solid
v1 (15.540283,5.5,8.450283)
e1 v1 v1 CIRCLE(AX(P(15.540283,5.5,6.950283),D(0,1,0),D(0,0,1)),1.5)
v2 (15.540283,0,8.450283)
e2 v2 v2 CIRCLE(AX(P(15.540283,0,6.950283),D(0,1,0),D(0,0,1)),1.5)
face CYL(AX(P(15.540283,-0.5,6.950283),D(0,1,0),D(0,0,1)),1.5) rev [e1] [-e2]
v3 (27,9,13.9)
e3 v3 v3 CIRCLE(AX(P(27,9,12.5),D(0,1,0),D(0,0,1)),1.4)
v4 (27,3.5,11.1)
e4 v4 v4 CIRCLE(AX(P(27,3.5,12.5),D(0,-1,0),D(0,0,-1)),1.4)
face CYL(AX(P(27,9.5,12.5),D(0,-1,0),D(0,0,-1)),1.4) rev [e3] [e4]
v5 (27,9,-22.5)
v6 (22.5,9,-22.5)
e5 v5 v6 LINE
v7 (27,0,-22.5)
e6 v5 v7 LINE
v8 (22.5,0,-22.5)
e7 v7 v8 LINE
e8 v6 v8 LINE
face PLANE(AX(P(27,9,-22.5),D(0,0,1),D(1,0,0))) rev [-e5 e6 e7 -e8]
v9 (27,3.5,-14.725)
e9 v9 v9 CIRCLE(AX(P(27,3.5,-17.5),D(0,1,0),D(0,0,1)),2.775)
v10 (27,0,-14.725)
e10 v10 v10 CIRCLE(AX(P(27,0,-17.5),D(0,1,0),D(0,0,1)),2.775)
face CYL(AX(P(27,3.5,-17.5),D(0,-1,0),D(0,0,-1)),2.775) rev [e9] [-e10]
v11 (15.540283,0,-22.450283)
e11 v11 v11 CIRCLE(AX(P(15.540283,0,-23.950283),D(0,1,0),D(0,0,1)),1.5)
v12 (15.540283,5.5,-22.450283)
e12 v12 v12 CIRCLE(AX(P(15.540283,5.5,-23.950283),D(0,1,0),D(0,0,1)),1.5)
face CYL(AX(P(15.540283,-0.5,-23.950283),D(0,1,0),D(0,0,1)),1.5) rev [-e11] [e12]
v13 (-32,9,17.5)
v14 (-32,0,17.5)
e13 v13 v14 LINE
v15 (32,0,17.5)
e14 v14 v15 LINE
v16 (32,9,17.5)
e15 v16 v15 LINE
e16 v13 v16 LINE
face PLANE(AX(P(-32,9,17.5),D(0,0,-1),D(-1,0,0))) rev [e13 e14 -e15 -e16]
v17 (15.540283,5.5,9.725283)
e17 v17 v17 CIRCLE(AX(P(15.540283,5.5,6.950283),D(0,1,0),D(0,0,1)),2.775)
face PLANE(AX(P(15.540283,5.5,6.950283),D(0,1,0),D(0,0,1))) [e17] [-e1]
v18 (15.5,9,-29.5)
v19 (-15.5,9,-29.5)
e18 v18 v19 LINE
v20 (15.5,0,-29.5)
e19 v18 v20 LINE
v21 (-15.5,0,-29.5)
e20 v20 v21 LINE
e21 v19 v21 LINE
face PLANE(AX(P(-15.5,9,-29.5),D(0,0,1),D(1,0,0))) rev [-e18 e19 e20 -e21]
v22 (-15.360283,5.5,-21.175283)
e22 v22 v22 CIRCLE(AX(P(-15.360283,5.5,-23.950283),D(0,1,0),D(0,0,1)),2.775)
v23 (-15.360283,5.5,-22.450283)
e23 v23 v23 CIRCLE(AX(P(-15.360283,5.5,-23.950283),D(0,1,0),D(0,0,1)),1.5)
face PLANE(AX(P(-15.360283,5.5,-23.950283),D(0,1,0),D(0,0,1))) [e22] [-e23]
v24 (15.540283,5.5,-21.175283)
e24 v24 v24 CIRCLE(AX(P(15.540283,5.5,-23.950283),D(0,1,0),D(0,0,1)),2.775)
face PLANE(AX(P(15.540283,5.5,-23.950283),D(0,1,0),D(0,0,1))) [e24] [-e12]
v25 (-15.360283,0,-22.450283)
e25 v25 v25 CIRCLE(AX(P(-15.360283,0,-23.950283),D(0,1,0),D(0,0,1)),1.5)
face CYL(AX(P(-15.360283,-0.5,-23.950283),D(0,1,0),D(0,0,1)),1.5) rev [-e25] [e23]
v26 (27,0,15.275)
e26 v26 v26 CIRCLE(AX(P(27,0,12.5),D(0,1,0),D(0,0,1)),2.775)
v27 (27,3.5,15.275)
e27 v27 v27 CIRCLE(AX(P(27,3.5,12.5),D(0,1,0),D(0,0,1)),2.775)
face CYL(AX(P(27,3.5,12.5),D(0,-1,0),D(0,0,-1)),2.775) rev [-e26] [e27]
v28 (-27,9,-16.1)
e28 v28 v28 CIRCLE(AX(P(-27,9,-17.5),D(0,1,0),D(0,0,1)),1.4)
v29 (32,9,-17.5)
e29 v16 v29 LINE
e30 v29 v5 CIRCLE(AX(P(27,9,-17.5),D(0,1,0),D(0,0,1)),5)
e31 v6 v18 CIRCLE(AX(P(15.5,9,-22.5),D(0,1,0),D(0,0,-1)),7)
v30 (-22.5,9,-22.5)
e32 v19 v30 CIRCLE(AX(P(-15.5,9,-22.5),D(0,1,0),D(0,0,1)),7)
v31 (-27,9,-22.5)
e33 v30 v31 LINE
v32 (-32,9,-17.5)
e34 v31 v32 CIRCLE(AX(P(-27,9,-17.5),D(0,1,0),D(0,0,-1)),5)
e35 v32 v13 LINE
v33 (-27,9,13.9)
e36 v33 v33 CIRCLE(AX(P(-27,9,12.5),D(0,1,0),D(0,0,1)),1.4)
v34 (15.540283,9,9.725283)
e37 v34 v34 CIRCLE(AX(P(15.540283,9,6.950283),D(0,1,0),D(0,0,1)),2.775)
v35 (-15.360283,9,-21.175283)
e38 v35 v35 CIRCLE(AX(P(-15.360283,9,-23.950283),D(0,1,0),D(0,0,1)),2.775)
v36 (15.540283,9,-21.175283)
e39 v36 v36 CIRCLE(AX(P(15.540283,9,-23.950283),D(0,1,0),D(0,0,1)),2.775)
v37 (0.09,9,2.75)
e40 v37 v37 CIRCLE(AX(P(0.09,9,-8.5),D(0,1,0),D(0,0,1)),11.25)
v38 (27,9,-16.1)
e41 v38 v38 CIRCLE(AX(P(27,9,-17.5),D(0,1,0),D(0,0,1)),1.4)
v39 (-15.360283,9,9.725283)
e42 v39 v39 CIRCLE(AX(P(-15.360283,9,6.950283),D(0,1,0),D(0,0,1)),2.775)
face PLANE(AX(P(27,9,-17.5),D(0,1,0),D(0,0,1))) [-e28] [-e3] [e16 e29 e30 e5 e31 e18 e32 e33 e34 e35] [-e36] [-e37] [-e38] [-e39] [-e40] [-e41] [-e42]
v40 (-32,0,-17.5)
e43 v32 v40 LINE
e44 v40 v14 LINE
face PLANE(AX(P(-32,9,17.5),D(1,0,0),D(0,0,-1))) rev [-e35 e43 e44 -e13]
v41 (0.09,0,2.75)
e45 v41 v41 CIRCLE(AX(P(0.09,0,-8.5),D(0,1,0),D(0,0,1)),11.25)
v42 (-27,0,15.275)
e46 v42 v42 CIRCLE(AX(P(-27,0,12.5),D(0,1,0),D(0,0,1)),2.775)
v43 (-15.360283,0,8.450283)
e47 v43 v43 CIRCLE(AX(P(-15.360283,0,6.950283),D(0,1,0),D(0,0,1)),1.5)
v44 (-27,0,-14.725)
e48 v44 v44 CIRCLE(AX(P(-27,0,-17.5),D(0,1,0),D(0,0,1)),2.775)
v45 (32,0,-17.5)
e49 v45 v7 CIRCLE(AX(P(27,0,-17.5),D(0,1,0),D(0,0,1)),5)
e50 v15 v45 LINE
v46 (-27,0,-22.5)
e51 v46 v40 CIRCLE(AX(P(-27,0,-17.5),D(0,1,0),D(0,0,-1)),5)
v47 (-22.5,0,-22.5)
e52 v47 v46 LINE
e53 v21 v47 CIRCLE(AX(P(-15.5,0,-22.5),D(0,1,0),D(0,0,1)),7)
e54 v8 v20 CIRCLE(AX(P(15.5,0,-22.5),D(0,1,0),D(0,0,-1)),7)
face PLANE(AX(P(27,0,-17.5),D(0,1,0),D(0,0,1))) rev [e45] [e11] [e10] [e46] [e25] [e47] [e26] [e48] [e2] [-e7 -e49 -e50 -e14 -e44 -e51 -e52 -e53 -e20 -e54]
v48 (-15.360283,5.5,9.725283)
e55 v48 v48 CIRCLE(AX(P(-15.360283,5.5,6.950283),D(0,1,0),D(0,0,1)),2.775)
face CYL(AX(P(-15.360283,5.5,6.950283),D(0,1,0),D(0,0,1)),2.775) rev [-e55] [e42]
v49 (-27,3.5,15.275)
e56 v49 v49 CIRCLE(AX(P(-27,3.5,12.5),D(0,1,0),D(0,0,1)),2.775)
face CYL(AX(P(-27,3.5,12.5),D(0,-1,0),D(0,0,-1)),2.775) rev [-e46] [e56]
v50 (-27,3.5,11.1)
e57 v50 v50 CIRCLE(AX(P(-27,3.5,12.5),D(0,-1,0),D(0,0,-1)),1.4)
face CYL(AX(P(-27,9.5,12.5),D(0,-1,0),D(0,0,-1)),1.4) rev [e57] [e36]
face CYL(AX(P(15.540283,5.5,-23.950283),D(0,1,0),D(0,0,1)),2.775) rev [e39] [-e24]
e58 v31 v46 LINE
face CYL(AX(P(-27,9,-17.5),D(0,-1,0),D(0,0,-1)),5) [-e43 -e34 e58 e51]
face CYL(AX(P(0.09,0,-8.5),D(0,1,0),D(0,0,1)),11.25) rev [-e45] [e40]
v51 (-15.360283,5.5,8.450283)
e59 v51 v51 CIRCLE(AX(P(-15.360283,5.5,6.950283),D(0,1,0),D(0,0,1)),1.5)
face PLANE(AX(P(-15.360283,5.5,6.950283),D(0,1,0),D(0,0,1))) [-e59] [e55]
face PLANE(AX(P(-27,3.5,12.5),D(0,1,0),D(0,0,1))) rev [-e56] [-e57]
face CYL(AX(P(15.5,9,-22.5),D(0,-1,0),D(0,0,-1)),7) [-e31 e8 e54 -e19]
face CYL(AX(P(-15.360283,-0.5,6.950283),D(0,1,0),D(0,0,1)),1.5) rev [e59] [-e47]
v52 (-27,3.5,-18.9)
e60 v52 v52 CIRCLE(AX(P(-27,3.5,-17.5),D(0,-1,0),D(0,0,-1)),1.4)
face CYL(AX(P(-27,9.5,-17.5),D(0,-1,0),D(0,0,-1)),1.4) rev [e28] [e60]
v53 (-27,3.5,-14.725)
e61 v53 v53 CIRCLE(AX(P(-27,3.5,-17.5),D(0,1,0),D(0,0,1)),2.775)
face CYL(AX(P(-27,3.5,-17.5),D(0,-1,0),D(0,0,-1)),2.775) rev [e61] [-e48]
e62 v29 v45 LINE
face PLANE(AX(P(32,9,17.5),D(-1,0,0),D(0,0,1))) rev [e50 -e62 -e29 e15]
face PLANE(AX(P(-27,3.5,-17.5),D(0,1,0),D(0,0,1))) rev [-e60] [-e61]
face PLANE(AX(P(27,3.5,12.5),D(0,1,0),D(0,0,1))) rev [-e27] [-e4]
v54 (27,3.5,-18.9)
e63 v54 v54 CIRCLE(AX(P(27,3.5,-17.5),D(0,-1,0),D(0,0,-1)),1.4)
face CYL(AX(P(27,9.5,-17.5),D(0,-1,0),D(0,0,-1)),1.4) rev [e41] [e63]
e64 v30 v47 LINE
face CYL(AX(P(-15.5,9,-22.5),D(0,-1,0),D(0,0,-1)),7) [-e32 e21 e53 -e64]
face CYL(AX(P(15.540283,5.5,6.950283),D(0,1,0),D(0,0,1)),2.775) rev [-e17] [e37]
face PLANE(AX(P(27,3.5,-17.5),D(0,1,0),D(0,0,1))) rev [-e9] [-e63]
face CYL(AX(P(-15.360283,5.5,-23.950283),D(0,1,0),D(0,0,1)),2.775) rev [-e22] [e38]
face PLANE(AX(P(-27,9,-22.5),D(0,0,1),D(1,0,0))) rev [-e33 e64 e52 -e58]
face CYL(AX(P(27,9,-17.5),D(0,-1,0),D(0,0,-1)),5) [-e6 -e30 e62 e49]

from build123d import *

# Parameters (mm, degrees)
BOSS_EXTRUDE1_DEPTH = 9
SKETCH2_R           = 11.25
CUT_EXTRUDE1_DEPTH  = 9
SKETCH3_R           = 2.775
CUT_EXTRUDE2_DEPTH  = 3.5
SKETCH5_R           = 2.775
CUT_EXTRUDE4_DEPTH  = 3.5
SKETCH4_R           = 1.5
CUT_EXTRUDE3_DEPTH  = 6
SKETCH6_R           = 1.4
CUT_EXTRUDE5_DEPTH  = 6


with BuildPart() as part:
    # Sketch1 → Boss-Extrude1 (new body)
    with BuildSketch(Plane(origin=(0, 0, 0), x_dir=(1, 0, 0), z_dir=(0, 1, 0))):
        with BuildLine():
            Line((-15.5, 29.5), (15.5, 29.5))
            ThreePointArc((15.5, 29.5), (20.449747468, 27.449747468), (22.5, 22.5))
            Line((22.5, 22.5), (27, 22.5))
            ThreePointArc((27, 22.5), (30.535533906, 21.035533906), (32, 17.5))
            Line((32, 17.5), (32, -17.5))
            Line((32, -17.5), (-32, -17.5))
            Line((-32, -17.5), (-32, 17.5))
            ThreePointArc((-32, 17.5), (-30.535533906, 21.035533906), (-27, 22.5))
            Line((-27, 22.5), (-22.5, 22.5))
            ThreePointArc((-22.5, 22.5), (-20.449747468, 27.449747468), (-15.5, 29.5))
        make_face()
    extrude(amount=BOSS_EXTRUDE1_DEPTH)

    # Sketch2 → Cut-Extrude1 (cut)
    with BuildSketch(Plane(origin=(0, 9, 0), x_dir=(1, 0, 0), z_dir=(0, 1, 0))):
        with Locations((0.09, 8.5)):
            Circle(SKETCH2_R)
    extrude(amount=-CUT_EXTRUDE1_DEPTH, mode=Mode.SUBTRACT)

    # Sketch3 → Cut-Extrude2 (cut)
    with BuildSketch(Plane(origin=(0, 9, 0), x_dir=(1, 0, 0), z_dir=(0, 1, 0))):
        with Locations((-15.360283169, 23.950283169)):
            Circle(SKETCH3_R)
        with Locations((15.540283169, 23.950283169)):
            Circle(SKETCH3_R)
        with Locations((15.540283169, -6.950283169)):
            Circle(SKETCH3_R)
        with Locations((-15.360283169, -6.950283169)):
            Circle(SKETCH3_R)
    extrude(amount=-CUT_EXTRUDE2_DEPTH, mode=Mode.SUBTRACT)

    # Sketch5 → Cut-Extrude4 (cut)
    with BuildSketch(Plane(origin=(0, 0, 0), x_dir=(1, 0, 0), z_dir=(0, 1, 0))):
        with Locations((-27, 17.5)):
            Circle(SKETCH5_R)
        with Locations((27, 17.5)):
            Circle(SKETCH5_R)
        with Locations((27, -12.5)):
            Circle(SKETCH5_R)
        with Locations((-27, -12.5)):
            Circle(SKETCH5_R)
    extrude(amount=CUT_EXTRUDE4_DEPTH, mode=Mode.SUBTRACT)

    # Sketch4 → Cut-Extrude3 (cut)
    with BuildSketch(Plane(origin=(0, 5.5, 0), x_dir=(1, 0, 0), z_dir=(0, 1, 0))):
        with Locations((-15.360283169, 23.950283169)):
            Circle(SKETCH4_R)
        with Locations((15.540283169, 23.950283169)):
            Circle(SKETCH4_R)
        with Locations((15.540283169, -6.950283169)):
            Circle(SKETCH4_R)
        with Locations((-15.360283169, -6.950283169)):
            Circle(SKETCH4_R)
    extrude(amount=-CUT_EXTRUDE3_DEPTH, mode=Mode.SUBTRACT)

    # Sketch6 → Cut-Extrude5 (cut)
    with BuildSketch(Plane(origin=(0, 3.5, 0), x_dir=(-1, 0, 0), z_dir=(0, -1, 0))):
        with Locations((-27, -12.5)):
            Circle(SKETCH6_R)
        with Locations((-27, 17.5)):
            Circle(SKETCH6_R)
        with Locations((27, 17.5)):
            Circle(SKETCH6_R)
        with Locations((27, -12.5)):
            Circle(SKETCH6_R)
    extrude(amount=-CUT_EXTRUDE5_DEPTH, mode=Mode.SUBTRACT)


solid = part.part
